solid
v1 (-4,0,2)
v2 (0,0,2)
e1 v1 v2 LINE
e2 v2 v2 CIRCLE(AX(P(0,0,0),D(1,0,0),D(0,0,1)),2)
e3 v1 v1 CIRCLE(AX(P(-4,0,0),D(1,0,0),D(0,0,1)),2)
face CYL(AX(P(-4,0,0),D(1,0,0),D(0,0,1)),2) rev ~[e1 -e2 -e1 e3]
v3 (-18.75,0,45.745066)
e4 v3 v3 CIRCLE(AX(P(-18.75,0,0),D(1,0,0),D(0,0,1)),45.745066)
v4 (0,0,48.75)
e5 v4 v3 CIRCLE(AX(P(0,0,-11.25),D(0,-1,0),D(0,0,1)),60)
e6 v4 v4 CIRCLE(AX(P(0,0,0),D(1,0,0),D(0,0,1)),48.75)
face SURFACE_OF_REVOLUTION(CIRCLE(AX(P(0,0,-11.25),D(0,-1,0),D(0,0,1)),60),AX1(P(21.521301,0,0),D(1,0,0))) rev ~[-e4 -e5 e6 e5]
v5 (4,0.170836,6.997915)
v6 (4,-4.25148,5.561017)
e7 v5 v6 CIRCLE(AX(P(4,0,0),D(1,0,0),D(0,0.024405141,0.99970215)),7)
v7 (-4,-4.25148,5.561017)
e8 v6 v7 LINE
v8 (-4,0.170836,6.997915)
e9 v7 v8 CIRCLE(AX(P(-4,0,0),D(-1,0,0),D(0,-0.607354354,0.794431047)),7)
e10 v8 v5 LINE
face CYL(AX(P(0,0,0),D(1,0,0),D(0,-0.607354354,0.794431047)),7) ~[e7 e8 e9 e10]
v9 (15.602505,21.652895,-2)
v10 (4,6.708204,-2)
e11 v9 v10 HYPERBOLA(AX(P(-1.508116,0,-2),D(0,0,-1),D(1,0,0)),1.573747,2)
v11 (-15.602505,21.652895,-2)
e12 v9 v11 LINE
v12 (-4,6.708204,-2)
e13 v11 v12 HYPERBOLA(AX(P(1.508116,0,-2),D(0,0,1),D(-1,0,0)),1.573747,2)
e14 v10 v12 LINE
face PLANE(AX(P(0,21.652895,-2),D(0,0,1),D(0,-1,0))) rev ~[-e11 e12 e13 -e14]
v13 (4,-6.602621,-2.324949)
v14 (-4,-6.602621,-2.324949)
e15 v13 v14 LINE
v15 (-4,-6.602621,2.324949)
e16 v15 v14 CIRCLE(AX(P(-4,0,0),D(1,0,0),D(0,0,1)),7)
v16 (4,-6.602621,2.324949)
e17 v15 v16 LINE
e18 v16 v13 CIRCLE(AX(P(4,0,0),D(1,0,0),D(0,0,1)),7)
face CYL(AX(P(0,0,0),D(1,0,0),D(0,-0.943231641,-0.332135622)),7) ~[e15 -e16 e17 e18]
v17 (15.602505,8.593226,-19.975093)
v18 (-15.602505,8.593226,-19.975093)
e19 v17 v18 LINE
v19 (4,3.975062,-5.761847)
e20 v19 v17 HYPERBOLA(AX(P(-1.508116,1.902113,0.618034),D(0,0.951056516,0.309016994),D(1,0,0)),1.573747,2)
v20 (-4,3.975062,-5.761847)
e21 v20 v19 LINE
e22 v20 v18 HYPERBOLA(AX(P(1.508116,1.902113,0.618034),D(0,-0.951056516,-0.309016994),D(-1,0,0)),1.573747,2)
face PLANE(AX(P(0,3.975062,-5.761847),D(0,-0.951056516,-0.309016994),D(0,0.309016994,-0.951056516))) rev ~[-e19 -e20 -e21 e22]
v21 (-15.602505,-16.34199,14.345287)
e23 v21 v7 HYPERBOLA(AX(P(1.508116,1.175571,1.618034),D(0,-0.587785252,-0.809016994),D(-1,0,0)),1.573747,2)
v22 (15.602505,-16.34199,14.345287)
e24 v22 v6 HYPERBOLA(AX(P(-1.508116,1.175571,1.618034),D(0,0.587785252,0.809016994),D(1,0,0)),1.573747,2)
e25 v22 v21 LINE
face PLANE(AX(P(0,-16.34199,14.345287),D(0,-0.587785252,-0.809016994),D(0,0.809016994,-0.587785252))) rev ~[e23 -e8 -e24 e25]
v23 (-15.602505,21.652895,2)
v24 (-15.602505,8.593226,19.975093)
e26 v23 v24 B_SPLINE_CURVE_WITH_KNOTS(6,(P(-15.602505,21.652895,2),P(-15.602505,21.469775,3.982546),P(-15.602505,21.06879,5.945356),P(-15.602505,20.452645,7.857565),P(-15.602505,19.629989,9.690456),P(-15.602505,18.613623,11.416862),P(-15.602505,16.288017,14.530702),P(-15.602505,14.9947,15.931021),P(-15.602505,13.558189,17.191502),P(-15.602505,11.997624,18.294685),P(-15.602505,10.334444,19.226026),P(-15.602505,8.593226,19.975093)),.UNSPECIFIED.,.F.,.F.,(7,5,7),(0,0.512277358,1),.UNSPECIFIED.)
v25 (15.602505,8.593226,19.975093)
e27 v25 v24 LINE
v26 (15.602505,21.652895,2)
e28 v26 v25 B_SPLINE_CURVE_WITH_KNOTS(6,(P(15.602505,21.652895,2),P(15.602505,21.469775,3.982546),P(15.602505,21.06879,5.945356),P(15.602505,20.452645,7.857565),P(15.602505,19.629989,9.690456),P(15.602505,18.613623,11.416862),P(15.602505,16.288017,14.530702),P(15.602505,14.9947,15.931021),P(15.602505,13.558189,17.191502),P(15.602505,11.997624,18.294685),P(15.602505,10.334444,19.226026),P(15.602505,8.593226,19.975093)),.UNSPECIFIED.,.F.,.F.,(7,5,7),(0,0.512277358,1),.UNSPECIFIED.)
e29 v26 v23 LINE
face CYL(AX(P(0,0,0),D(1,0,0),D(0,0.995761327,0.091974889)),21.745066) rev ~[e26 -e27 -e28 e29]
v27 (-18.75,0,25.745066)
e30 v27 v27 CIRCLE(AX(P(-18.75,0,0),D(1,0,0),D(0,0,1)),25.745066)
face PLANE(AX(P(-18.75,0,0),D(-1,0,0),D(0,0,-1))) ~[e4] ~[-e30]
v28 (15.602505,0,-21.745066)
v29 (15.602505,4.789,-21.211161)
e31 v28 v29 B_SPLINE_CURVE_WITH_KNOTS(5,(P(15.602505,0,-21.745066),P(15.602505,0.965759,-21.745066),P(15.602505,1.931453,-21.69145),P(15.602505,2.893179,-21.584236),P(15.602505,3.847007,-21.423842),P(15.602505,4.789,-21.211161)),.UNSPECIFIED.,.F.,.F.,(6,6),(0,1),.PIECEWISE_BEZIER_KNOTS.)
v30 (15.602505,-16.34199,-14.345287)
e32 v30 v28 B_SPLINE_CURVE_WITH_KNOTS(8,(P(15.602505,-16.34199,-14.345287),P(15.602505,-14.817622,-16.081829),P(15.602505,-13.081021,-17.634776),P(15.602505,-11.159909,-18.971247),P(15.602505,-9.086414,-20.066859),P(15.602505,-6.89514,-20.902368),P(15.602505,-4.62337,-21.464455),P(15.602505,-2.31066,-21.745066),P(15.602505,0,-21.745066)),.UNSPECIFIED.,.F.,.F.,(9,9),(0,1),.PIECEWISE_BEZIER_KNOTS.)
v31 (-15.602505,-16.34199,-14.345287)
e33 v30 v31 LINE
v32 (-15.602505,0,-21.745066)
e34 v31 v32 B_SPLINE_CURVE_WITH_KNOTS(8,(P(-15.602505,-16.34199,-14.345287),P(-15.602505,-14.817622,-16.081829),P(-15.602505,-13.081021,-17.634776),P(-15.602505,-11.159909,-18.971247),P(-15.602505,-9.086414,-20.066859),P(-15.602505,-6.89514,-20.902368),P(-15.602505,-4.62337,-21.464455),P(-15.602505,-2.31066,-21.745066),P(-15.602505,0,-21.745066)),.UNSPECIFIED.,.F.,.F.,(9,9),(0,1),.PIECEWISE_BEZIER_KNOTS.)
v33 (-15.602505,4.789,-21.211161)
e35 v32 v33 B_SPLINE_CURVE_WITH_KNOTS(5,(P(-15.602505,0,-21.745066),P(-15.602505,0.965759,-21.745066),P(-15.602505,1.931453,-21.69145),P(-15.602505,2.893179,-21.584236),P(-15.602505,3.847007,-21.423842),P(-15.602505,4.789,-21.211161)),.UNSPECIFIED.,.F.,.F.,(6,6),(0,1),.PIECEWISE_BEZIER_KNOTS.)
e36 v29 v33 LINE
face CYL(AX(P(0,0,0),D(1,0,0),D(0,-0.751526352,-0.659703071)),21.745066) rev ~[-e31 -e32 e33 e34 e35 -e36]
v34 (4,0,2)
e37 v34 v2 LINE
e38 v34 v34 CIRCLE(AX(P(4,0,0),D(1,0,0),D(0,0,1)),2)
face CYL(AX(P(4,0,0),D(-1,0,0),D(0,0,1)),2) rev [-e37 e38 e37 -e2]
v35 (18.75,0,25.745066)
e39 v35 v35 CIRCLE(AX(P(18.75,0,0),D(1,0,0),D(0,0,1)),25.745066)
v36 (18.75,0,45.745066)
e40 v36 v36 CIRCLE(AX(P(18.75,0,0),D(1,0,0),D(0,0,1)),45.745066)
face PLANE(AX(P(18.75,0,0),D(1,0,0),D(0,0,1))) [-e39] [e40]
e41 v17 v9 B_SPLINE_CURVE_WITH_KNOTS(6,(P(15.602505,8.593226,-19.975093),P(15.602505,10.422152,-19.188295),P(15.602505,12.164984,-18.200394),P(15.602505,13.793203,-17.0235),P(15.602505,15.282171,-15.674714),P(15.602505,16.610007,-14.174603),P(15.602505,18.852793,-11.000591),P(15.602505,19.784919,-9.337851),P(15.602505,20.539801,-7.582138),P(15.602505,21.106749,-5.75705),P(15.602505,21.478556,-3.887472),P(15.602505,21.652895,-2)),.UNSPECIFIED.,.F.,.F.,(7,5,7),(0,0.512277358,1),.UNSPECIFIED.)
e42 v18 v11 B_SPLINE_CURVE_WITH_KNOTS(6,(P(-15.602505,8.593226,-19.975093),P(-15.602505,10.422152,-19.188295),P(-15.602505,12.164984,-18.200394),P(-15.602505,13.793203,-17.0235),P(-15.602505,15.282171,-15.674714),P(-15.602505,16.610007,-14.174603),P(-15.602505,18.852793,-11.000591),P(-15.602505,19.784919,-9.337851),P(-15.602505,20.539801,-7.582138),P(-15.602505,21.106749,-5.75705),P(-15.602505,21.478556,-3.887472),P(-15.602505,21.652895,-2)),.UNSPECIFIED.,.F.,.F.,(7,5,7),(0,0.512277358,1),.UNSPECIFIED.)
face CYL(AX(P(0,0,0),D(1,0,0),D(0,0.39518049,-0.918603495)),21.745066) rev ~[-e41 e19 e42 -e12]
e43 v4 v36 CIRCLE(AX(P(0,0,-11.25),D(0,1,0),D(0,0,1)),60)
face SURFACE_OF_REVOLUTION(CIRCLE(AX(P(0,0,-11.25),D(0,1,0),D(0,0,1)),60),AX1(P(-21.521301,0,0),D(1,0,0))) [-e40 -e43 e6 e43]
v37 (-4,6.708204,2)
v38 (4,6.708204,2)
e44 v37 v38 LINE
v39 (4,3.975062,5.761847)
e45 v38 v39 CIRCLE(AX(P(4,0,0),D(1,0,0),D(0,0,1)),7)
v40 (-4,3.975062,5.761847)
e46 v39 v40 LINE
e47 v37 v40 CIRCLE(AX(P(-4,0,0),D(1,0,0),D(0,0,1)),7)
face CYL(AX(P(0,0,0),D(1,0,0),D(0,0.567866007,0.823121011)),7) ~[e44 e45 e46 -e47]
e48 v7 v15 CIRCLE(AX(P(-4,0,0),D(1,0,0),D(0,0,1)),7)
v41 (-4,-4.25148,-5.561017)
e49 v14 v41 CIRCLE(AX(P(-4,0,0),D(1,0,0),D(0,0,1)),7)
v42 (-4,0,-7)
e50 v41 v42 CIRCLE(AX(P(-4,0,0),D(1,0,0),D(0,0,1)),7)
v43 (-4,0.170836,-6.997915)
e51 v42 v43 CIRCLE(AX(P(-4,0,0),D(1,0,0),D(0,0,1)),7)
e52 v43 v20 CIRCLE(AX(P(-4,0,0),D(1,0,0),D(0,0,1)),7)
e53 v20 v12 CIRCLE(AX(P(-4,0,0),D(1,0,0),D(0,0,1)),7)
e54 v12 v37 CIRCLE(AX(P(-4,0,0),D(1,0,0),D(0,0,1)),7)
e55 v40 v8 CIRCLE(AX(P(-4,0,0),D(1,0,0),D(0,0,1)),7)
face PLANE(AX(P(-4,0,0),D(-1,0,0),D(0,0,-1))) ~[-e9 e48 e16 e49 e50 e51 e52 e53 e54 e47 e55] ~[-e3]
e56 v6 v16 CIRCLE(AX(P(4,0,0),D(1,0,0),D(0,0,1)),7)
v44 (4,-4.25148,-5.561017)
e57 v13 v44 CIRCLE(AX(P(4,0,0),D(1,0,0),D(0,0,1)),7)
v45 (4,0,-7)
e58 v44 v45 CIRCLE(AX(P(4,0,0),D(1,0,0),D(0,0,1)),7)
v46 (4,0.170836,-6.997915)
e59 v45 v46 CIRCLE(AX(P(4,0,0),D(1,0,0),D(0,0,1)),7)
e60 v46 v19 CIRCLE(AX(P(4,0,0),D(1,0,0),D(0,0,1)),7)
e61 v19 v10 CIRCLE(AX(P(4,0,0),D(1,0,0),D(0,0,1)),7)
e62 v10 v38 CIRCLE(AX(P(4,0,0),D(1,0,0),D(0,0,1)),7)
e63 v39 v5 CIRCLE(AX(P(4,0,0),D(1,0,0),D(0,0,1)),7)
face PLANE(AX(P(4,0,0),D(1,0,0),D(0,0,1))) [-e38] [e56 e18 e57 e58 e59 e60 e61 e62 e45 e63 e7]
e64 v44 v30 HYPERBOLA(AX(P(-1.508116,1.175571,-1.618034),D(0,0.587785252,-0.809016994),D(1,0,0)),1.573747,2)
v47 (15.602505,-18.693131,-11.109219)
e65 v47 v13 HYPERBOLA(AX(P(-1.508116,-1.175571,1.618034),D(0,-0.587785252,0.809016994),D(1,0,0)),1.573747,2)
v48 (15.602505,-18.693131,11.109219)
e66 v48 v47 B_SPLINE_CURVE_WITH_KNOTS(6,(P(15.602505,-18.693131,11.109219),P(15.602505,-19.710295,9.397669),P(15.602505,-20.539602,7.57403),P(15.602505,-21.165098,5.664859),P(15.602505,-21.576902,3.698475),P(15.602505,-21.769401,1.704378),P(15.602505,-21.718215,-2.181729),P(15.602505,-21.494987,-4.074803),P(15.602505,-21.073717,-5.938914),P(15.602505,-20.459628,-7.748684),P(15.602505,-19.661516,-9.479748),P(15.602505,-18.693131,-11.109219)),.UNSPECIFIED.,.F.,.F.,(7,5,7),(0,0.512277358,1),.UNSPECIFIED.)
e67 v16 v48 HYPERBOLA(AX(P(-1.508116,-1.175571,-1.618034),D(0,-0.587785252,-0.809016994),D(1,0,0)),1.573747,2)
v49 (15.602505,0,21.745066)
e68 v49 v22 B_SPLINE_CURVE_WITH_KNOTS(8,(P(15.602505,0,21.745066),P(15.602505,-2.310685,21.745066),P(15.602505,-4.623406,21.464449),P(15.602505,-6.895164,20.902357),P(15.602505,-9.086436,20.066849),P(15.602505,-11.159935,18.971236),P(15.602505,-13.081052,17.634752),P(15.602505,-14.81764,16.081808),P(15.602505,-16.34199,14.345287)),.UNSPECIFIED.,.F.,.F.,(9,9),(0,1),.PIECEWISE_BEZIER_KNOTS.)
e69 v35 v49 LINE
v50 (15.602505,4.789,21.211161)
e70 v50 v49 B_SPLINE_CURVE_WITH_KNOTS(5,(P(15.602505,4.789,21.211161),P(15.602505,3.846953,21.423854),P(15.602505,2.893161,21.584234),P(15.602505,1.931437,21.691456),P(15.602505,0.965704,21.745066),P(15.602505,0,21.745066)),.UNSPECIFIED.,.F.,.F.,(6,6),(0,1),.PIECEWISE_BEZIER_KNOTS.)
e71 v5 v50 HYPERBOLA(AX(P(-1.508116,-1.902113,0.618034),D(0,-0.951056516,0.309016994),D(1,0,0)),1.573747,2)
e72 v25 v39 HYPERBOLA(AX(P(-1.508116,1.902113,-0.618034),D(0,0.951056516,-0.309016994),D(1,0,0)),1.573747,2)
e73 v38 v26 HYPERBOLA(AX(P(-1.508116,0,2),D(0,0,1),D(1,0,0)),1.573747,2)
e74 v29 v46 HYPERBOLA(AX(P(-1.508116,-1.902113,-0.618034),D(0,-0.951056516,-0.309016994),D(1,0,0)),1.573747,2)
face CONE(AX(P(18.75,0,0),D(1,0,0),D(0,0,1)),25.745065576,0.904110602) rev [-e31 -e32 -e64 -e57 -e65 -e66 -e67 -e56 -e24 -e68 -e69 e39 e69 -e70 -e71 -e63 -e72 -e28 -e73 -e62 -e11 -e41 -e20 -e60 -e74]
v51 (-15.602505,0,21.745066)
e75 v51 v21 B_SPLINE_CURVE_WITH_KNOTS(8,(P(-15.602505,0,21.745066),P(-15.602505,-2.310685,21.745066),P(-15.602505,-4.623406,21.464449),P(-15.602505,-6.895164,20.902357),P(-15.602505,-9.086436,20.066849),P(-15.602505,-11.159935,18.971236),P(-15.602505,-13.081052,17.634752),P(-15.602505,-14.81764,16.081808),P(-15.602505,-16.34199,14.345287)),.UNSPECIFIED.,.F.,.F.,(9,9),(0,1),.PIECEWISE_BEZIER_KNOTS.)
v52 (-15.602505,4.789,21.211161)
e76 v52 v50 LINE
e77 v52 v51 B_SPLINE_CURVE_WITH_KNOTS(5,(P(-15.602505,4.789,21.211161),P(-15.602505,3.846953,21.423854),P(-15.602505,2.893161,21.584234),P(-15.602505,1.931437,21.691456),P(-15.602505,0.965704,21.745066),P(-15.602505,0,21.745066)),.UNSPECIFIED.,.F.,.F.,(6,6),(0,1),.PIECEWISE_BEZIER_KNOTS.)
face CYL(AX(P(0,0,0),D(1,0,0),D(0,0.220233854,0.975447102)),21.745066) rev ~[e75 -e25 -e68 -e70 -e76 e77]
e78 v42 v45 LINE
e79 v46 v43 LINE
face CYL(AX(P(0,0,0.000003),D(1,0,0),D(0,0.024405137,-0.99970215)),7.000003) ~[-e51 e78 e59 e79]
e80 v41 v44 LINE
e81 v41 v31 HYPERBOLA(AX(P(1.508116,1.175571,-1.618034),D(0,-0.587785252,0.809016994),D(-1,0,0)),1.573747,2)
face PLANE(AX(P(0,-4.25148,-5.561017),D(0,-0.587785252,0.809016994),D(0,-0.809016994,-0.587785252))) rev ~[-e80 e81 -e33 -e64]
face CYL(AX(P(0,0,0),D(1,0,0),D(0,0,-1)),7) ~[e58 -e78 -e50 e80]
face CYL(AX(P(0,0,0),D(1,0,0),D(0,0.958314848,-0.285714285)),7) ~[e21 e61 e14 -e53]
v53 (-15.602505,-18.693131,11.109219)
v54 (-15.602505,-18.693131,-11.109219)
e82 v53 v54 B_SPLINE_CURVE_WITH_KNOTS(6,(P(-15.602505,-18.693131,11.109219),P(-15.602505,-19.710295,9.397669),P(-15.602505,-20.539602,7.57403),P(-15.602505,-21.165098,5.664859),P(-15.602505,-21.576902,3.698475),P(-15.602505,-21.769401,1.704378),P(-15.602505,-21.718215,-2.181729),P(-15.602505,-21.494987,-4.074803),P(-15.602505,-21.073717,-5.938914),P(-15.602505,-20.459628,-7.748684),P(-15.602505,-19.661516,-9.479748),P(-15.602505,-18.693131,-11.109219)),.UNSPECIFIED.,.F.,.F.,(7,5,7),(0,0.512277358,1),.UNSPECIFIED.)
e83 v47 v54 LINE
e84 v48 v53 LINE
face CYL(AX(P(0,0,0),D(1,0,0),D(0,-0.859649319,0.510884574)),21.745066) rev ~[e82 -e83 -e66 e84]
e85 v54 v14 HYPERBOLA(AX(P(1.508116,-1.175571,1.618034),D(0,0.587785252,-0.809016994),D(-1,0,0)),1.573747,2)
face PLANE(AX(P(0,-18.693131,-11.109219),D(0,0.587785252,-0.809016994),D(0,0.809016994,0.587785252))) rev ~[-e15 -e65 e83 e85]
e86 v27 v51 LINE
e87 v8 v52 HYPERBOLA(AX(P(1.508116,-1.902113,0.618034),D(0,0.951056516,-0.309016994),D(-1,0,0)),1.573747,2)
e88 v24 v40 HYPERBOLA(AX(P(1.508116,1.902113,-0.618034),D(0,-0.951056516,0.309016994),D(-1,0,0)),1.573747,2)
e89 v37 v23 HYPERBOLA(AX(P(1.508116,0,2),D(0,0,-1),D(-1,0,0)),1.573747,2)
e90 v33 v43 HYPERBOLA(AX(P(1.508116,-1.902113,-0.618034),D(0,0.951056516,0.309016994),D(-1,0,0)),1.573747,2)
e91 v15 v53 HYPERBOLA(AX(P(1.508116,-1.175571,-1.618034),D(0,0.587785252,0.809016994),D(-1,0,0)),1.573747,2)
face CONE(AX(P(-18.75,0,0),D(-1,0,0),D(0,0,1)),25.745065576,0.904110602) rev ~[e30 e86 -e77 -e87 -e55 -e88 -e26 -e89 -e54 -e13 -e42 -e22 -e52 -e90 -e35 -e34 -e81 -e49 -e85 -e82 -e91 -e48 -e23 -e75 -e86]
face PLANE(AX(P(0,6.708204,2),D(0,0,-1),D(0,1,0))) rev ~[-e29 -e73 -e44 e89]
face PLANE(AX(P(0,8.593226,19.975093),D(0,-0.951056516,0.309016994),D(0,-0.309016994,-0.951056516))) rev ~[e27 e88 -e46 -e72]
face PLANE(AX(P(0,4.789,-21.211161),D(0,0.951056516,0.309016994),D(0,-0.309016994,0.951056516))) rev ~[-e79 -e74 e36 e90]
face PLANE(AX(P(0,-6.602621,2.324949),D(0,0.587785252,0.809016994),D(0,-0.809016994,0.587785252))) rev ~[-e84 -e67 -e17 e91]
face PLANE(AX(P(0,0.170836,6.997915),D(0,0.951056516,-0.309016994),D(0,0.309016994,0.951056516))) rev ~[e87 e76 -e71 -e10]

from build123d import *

# Parameters (mm, degrees)
CUT_EXTRUDE1_DEPTH      = 19.7500001
CUT_EXTRUDE1_DEPTH_BACK = 19.7500001


with BuildPart() as part:
    # Sketch1 → Revolve1 (revolve)
    with BuildSketch(Plane(origin=(0, 0, 0), x_dir=(1, 0, 0), z_dir=(0, 1, 0))):
        with BuildLine():
            Line((18.75, -45.745065576), (18.75, -25.745065576))
            Line((18.75, -25.745065576), (4, -7))
            Line((4, -7), (4, -2))
            Line((4, -2), (0, -2))
            Line((0, -2), (0, -48.75))
            ThreePointArc((0, -48.75), (9.494631785, -47.99400364), (18.75, -45.745065576))
        make_face()
    revolve(axis=Axis((-21.521301372, 0, 0), (1, 0, 0)))

    # Mirror1: part across plane


with BuildPart() as part_1:
    add(part.part)
    add(part.part.mirror(Plane(origin=(0, 0, 2), x_dir=(0, 0, 1), z_dir=(-1, 0, 0))))

    # Sketch2 → Cut-Extrude1 (cut, two sides)
    with BuildSketch(Plane(origin=(0, 0, 0), x_dir=(0, 0, -1), z_dir=(1, 0, 0))) as cut_extrude1_sk:
        with BuildLine():
            ThreePointArc((-5.761847074, 3.975062049), (-4.114496766, 5.663118961), (-2, 6.708203932))
            Line((-2, 6.708203932), (-2, 21.652895347))
            ThreePointArc((-2, 21.652895347), (-12.781428856, 17.592127595), (-19.975093227, 8.593225672))
            Line((-19.975093227, 8.593225672), (-5.761847074, 3.975062049))
        make_face()
        with BuildLine():
            Line((2, 21.652895347), (2, 6.708203932))
            ThreePointArc((2, 6.708203932), (4.114496766, 5.663118961), (5.761847074, 3.975062049))
            Line((5.761847074, 3.975062049), (19.975093227, 8.593225672))
            ThreePointArc((19.975093227, 8.593225672), (12.781428856, 17.592127595), (2, 21.652895347))
        make_face()
        with BuildLine():
            Line((-14.345286543, -16.341989808), (-5.56101733, -4.251480479))
            ThreePointArc((-5.56101733, -4.251480479), (-6.657395614, -2.163118961), (-6.997915051, 0.170835984))
            Line((-6.997915051, 0.170835984), (-21.211161205, 4.788999607))
            ThreePointArc((-21.211161205, 4.788999607), (-20.680786313, -6.719594807), (-14.345286543, -16.341989808))
        make_face()
        with BuildLine():
            Line((21.211161205, 4.788999607), (6.997915051, 0.170835984))
            ThreePointArc((6.997915051, 0.170835984), (6.999478743, 0.085424353), (7, 0))
            ThreePointArc((7, 0), (6.630502293, -2.244201271), (5.56101733, -4.251480479))
            Line((5.56101733, -4.251480479), (14.345286543, -16.341989808))
            ThreePointArc((14.345286543, -16.341989808), (19.808925684, -8.969634338), (21.745065576, 0))
            ThreePointArc((21.745065576, 0), (21.611177296, 2.409334509), (21.211161205, 4.788999607))
        make_face()
        with BuildLine():
            Line((11.109218566, -18.693130818), (2.324949352, -6.602621488))
            ThreePointArc((2.324949352, -6.602621488), (0, -7), (-2.324949352, -6.602621488))
            Line((-2.324949352, -6.602621488), (-11.109218566, -18.693130818))
            ThreePointArc((-11.109218566, -18.693130818), (0, -21.745065576), (11.109218566, -18.693130818))
        make_face()
    extrude(amount=CUT_EXTRUDE1_DEPTH, mode=Mode.SUBTRACT)
    extrude(cut_extrude1_sk.sketch, amount=-CUT_EXTRUDE1_DEPTH_BACK, mode=Mode.SUBTRACT)


solid = part_1.part
